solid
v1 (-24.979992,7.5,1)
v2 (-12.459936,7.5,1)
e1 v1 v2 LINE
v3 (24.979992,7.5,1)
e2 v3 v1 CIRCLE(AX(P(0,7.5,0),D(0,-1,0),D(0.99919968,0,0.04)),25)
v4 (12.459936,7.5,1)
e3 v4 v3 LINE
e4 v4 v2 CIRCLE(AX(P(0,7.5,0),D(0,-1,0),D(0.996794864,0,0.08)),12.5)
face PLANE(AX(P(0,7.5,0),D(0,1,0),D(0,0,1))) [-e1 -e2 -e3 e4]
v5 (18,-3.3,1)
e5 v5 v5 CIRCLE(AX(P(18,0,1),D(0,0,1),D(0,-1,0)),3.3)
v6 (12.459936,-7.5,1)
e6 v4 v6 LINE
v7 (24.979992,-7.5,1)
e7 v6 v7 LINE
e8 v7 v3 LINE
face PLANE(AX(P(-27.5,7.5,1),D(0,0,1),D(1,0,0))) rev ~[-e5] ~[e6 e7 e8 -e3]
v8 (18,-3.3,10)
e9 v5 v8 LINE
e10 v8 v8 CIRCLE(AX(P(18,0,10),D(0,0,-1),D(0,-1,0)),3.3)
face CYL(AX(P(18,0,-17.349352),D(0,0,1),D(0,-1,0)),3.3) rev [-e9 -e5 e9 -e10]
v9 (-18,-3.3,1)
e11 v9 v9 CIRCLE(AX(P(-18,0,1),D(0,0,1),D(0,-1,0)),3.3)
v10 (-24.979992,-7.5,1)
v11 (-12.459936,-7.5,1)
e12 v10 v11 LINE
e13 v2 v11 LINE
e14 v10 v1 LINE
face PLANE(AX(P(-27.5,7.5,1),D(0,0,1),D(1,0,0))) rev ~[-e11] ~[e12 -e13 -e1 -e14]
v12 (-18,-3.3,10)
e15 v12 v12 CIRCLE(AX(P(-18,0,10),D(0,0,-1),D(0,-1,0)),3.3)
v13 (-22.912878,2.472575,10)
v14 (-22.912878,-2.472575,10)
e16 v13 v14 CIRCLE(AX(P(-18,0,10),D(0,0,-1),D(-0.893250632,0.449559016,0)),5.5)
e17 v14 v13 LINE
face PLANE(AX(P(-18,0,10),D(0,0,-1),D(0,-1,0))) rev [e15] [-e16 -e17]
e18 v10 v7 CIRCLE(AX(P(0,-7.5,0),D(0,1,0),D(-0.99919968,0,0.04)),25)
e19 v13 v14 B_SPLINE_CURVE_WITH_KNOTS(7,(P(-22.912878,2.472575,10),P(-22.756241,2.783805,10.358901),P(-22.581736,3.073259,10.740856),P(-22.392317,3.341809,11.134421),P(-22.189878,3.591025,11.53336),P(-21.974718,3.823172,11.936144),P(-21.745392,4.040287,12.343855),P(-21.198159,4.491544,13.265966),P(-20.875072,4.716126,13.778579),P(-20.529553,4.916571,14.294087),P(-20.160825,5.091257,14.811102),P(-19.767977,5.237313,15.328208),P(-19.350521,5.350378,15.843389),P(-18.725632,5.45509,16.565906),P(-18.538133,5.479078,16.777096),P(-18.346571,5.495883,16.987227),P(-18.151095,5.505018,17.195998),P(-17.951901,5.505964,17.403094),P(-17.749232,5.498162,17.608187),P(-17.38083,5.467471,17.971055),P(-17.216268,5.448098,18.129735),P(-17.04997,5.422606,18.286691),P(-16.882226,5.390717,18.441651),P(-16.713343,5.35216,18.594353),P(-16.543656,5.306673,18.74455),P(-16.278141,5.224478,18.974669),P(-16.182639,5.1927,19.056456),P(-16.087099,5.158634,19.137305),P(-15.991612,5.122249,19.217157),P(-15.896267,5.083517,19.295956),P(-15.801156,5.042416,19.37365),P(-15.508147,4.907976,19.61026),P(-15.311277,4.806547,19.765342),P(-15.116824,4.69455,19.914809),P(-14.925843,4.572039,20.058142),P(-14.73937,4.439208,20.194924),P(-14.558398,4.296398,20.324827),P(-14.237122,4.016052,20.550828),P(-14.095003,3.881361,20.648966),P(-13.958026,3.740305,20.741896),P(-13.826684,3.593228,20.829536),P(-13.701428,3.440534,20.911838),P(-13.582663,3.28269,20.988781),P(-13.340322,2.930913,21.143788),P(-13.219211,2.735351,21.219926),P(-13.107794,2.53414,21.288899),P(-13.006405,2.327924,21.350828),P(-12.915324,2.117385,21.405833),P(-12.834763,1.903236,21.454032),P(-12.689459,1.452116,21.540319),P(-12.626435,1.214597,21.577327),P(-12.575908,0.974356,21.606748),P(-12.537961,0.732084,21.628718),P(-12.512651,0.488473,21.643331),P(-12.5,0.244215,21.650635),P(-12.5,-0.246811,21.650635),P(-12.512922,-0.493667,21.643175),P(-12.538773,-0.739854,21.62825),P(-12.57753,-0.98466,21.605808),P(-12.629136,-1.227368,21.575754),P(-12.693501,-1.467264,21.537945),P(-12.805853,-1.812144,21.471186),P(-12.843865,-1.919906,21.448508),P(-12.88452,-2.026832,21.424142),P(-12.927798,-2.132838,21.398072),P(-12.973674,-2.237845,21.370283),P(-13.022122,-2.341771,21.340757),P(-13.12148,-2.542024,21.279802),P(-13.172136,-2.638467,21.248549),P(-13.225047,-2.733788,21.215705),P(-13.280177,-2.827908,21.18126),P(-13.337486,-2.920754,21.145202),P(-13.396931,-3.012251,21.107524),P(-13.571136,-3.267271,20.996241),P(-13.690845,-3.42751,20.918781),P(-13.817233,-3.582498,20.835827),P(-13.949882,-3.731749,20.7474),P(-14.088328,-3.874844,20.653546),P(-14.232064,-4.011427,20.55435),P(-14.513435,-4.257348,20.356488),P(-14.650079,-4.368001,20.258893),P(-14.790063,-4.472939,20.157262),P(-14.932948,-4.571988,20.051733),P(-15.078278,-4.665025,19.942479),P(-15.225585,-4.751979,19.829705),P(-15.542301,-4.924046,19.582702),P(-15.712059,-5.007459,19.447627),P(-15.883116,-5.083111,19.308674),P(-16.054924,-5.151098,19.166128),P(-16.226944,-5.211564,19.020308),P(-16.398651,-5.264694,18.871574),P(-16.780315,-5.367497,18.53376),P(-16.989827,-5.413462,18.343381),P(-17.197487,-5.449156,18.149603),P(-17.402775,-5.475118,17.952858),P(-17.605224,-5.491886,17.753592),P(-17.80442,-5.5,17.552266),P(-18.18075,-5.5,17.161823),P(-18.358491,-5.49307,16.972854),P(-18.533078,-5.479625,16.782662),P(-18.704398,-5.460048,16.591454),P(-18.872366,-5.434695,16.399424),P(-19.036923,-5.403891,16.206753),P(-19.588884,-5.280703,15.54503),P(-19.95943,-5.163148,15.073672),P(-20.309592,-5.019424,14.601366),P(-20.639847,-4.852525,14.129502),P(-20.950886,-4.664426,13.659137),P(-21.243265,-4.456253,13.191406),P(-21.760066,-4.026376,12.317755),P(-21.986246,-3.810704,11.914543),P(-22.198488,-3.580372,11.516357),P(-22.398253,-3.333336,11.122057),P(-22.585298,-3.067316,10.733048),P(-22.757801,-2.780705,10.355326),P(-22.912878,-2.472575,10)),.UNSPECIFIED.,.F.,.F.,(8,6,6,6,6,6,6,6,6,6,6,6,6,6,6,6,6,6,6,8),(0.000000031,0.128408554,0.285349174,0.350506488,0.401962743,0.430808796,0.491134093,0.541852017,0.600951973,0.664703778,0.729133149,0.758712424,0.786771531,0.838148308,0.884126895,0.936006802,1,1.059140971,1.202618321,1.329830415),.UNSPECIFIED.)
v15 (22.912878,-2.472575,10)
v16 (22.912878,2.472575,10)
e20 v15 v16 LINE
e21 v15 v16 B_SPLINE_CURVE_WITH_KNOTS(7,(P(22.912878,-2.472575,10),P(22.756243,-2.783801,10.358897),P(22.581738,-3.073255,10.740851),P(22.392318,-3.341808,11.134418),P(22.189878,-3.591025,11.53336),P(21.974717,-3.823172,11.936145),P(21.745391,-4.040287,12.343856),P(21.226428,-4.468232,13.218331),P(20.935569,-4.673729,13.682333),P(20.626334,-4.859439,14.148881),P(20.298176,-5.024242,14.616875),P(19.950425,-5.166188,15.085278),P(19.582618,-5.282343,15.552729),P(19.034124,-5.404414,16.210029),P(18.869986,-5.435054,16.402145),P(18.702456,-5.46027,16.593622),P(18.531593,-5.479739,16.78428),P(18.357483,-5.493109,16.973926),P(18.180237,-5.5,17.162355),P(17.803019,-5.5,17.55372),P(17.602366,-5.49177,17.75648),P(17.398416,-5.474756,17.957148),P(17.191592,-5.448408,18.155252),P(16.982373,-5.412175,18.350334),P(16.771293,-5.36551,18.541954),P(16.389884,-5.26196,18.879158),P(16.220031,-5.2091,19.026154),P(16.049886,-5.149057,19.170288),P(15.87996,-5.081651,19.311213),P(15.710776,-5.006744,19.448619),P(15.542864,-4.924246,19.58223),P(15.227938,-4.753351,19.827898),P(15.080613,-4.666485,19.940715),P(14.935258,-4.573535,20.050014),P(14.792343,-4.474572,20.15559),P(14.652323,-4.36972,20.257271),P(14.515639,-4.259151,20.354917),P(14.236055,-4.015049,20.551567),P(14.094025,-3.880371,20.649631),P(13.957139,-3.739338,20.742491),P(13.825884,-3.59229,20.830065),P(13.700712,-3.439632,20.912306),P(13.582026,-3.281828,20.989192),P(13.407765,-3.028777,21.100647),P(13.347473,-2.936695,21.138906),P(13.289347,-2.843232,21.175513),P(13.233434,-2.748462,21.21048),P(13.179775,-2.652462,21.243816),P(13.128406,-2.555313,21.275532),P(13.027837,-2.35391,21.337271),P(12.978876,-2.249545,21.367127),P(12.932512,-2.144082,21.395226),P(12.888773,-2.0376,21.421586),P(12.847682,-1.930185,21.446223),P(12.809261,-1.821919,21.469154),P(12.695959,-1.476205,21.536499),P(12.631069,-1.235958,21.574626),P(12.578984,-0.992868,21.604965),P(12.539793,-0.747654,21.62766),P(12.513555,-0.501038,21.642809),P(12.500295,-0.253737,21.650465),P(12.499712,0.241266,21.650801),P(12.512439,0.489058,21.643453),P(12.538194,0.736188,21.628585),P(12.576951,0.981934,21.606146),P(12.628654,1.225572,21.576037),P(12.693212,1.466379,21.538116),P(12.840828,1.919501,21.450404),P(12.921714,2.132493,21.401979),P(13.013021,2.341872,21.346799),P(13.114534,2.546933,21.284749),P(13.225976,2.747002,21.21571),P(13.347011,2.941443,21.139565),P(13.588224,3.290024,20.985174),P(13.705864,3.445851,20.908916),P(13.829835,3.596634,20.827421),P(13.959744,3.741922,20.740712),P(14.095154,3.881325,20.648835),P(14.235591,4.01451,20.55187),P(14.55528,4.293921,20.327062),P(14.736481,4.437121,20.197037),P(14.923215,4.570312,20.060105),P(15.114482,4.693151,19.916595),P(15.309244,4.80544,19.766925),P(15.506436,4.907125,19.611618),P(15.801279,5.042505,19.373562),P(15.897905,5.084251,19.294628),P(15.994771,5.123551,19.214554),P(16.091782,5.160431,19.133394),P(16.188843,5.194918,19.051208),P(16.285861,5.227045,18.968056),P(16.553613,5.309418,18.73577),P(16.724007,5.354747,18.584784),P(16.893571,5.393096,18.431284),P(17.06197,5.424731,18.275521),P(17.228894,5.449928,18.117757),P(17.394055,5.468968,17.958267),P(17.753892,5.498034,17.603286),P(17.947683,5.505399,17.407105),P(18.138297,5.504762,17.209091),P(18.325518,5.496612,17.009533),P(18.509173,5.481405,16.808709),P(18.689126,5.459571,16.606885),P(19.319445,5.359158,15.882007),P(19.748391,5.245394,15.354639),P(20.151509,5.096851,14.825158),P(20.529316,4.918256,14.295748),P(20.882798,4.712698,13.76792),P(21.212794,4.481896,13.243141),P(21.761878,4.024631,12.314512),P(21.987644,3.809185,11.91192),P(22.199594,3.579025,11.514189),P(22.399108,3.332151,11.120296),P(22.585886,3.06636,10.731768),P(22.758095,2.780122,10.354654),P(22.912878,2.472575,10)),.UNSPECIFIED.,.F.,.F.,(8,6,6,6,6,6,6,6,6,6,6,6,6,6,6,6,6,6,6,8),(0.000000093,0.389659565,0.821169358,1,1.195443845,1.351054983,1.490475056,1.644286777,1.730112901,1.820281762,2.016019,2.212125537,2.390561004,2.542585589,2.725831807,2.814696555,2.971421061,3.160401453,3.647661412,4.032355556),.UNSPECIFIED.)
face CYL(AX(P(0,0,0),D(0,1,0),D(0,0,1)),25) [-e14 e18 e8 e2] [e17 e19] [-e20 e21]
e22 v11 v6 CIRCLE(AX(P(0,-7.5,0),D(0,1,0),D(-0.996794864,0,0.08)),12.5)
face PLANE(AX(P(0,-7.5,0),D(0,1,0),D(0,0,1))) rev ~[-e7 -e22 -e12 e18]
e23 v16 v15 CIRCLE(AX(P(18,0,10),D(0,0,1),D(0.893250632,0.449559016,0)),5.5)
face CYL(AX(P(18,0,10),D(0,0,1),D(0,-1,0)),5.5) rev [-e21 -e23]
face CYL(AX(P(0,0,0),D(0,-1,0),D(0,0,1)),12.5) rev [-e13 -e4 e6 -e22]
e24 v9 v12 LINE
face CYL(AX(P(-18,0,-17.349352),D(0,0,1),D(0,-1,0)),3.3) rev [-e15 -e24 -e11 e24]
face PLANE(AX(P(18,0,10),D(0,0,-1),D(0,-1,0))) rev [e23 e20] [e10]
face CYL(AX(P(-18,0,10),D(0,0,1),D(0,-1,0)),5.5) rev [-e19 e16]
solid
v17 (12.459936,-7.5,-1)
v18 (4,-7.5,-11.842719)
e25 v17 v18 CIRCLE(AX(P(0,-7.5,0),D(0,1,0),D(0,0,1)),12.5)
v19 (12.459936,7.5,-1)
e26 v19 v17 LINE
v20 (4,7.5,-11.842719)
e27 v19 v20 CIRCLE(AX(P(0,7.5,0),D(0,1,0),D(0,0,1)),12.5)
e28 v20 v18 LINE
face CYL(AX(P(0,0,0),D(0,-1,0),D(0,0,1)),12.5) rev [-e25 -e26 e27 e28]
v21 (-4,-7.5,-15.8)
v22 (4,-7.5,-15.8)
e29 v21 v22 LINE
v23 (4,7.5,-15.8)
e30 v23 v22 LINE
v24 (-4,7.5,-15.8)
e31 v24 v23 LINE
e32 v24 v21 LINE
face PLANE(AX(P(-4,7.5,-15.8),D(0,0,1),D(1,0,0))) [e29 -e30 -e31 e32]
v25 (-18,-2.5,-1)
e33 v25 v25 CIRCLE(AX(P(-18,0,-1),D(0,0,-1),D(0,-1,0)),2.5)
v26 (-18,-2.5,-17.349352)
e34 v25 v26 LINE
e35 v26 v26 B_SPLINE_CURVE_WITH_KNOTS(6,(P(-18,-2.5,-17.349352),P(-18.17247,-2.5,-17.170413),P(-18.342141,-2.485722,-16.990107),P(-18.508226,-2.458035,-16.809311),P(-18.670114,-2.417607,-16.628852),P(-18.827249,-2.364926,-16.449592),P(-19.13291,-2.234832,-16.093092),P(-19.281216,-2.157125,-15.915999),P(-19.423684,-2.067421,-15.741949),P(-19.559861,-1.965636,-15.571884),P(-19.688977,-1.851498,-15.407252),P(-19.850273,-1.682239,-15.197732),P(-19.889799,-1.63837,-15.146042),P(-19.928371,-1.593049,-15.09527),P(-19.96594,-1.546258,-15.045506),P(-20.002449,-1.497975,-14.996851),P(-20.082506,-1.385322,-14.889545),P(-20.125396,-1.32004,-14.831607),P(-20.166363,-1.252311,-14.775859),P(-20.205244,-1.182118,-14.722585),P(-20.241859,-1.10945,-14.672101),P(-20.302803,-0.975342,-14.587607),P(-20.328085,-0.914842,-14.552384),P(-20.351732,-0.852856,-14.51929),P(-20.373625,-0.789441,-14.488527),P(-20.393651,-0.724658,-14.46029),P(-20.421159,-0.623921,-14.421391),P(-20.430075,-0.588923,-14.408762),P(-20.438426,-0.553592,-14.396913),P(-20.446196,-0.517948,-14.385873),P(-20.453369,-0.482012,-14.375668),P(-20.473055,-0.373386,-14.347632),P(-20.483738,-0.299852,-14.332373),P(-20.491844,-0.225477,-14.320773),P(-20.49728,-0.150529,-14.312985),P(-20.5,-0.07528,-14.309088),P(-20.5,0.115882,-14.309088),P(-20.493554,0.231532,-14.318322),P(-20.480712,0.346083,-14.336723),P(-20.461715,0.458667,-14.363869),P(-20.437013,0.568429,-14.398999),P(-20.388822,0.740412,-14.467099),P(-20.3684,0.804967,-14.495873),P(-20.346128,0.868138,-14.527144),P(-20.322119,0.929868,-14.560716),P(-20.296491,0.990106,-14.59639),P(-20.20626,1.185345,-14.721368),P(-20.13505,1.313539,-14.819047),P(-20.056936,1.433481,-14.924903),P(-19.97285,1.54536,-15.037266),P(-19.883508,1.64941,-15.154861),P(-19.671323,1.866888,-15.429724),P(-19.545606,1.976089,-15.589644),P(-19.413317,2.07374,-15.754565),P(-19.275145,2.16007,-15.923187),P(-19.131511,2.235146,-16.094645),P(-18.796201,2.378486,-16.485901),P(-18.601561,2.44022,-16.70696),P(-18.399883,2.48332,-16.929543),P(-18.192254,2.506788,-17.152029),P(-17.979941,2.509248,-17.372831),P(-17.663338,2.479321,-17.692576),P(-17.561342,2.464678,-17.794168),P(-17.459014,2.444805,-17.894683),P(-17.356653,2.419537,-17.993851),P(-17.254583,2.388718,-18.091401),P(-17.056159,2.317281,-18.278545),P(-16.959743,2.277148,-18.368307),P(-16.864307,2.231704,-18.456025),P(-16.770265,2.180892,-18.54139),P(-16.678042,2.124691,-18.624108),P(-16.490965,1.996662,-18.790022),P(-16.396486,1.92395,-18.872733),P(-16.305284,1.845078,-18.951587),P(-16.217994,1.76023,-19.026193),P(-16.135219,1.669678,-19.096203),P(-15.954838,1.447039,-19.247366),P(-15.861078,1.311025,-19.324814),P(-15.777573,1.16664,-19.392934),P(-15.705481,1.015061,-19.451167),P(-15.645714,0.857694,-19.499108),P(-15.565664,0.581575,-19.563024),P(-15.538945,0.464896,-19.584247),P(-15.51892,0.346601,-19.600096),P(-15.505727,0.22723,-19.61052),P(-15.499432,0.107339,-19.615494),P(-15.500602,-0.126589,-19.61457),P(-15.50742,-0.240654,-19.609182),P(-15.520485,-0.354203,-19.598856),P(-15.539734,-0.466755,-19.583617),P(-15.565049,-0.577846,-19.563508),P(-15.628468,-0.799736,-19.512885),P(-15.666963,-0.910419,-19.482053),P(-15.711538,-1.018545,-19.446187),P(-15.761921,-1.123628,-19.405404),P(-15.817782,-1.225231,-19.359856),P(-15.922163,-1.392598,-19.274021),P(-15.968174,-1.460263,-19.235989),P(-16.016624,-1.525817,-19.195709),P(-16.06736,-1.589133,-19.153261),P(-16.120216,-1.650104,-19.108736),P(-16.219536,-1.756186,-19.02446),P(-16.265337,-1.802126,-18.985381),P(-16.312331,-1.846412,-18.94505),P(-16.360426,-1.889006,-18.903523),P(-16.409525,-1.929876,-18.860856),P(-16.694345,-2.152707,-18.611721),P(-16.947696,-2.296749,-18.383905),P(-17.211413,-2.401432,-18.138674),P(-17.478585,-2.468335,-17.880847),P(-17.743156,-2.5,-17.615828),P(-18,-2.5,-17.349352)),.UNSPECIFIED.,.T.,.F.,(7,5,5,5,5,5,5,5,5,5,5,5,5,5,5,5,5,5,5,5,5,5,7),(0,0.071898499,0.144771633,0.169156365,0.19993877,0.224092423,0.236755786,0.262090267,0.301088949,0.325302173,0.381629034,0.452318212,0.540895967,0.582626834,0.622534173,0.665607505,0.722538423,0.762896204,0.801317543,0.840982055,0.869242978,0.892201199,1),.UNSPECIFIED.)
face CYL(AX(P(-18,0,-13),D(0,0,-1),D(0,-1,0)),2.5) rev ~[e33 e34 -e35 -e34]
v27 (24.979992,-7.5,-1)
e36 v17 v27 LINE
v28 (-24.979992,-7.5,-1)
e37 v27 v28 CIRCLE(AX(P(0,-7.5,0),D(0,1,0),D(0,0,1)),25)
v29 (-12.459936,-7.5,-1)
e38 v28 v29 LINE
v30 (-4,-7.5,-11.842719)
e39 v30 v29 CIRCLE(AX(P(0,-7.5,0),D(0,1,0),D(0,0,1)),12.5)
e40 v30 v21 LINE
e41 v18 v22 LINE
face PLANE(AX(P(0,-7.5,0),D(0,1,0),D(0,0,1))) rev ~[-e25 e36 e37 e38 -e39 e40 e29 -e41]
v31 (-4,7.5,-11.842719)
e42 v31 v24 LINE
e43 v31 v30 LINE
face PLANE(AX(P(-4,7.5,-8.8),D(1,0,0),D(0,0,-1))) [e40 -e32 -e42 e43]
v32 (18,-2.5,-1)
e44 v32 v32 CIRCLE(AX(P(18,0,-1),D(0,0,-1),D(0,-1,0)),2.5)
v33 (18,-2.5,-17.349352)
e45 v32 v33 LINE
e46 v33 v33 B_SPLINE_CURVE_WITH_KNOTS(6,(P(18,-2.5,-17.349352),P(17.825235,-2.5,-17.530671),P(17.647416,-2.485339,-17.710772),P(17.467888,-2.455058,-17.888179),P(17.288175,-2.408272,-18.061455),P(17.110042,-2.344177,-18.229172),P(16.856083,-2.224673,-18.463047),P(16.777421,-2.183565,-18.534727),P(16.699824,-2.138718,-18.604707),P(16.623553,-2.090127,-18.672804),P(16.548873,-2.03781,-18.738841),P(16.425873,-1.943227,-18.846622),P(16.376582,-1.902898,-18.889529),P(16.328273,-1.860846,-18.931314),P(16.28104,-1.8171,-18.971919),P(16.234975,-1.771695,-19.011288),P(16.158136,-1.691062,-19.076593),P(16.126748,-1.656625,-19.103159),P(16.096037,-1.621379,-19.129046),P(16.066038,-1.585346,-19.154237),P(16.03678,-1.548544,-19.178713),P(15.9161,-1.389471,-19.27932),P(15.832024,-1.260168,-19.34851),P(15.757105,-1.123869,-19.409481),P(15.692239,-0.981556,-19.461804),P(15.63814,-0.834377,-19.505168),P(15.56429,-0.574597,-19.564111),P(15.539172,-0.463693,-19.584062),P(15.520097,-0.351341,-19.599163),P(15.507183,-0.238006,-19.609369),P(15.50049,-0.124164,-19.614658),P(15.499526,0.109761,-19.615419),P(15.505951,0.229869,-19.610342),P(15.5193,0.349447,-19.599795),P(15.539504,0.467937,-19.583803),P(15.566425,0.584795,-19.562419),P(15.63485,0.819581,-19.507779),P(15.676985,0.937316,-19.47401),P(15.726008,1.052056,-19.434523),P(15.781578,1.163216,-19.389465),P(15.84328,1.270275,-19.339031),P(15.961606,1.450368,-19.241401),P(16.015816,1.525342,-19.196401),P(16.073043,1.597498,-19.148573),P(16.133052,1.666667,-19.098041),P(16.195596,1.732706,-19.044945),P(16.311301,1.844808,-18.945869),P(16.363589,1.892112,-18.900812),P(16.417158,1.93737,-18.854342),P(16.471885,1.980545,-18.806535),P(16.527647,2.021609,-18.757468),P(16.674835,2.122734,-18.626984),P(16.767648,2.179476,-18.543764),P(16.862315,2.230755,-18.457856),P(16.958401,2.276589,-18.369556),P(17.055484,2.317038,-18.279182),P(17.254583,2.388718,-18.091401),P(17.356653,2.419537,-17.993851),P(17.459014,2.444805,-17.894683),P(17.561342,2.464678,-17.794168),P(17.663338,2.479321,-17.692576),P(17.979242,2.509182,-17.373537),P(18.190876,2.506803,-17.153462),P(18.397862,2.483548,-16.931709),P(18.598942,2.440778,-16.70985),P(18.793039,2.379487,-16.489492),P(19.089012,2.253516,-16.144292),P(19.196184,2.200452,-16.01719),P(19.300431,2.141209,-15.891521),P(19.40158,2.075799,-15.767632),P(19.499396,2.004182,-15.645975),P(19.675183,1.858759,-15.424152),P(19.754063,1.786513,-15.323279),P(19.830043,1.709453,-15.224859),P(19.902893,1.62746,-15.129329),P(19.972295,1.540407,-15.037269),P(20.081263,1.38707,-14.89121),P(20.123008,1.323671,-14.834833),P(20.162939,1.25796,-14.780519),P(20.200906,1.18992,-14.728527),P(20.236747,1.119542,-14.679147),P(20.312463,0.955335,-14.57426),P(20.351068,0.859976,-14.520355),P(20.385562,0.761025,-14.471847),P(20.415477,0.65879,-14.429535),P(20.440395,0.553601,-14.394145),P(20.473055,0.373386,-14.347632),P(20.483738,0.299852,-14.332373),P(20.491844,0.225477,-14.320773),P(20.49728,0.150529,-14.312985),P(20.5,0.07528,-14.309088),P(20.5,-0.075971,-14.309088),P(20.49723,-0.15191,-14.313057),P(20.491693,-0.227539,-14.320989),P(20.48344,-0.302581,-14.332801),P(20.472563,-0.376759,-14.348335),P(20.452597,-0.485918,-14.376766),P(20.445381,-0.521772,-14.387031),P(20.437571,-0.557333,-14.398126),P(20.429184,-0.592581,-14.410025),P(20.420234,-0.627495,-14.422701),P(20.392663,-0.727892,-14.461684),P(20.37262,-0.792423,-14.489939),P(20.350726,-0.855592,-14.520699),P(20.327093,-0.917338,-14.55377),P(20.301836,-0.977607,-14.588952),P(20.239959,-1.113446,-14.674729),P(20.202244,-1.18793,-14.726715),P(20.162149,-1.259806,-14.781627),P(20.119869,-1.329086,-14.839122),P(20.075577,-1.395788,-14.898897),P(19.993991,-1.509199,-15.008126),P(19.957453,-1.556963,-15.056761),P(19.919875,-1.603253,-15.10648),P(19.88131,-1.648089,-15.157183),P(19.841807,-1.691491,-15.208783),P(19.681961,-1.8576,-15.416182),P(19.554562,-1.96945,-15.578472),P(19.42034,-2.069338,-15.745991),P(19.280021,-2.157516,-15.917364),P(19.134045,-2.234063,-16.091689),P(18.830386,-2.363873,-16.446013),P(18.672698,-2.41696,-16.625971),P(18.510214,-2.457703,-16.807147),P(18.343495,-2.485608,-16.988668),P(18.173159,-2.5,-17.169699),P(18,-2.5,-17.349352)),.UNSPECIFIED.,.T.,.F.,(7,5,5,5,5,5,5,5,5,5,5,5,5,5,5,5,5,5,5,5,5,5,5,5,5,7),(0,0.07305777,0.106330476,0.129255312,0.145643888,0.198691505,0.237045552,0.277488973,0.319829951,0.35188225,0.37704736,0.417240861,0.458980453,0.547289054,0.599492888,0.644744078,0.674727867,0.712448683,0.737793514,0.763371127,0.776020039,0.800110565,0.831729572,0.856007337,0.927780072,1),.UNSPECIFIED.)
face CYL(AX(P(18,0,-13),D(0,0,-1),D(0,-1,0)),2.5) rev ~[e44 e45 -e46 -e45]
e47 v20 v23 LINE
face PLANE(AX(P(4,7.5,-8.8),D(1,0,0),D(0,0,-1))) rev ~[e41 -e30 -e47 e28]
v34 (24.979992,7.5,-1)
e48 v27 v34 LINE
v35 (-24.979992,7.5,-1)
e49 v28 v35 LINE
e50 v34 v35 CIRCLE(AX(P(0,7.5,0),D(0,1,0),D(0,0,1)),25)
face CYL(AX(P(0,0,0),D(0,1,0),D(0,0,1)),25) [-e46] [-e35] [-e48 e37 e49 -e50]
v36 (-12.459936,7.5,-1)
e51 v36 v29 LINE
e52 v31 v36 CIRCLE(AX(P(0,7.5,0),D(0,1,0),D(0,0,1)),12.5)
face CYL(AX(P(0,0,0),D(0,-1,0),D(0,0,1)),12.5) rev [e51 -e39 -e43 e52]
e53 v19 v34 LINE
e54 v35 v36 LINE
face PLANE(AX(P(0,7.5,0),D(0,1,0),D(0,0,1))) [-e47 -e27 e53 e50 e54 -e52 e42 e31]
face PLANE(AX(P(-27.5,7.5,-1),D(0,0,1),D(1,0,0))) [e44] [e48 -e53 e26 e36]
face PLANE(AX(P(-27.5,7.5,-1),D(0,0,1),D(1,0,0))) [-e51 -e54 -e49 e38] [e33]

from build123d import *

# Parameters (mm, degrees)
SKETCH_1_R                  = 25
SKETCH_1_R_2                = 12.5
EXTRUDE_1_DEPTH             = 7.5
SKETCH_2_W                  = 55
SKETCH_2_H                  = 2
CUT_EXTRUDE_1_DEPTH         = 39.405728739
HOLE_WIZARD_M6_4_AT_2_COUNT = 2
HOLE_WIZARD_M6_4_AT_2_PITCH = 36
SKETCH_10_W                 = 2.5
SKETCH_10_H                 = 24
HOLE_WIZARD_M6_1_AT_2_COUNT = 2
HOLE_WIZARD_M6_1_AT_2_PITCH = 36
SKETCH_11_W                 = 8
SKETCH_11_H                 = 7
CUT_EXTRUDE_2_DEPTH         = 39.39270781


with BuildPart() as part:
    # 草圖1 → 填料-伸長1 (new, symmetric)
    with BuildSketch(Plane(origin=(0, 0, 0), x_dir=(1, 0, 0), z_dir=(0, 1, 0))):
        with Locations(Location((0, 0, 0), (0, 0, 270))):
            Circle(SKETCH_1_R)
        with Locations(Location((0, 0, 0), (0, 0, 270))):
            Circle(SKETCH_1_R_2, mode=Mode.SUBTRACT)
    extrude(amount=EXTRUDE_1_DEPTH, both=True)

    # 草圖2 → 除料-伸長1 (cut, through all)
    with BuildSketch(Plane(origin=(0, 7.5, 0), x_dir=(1, 0, 0), z_dir=(0, 1, 0))):
        Rectangle(SKETCH_2_W, SKETCH_2_H)
    extrude(amount=-CUT_EXTRUDE_1_DEPTH, mode=Mode.SUBTRACT)


with BuildPart() as cut_extrude_1_piece_1:
    # of the separate pieces the step leaves, piece 1, a body of its own (cut_extrude_1_pieces)
    add(part.part.solids().sort_by_distance((24.979991994, -7.5, -1))[0])

    # 草圖10 → M6 螺紋孔1 (revolve, cut)
    with BuildSketch(Plane(origin=(-18, 0, -1), x_dir=(0, -1, 0), z_dir=(1, 0, 0))):
        with Locations((1.25, 12)):
            Rectangle(SKETCH_10_W, SKETCH_10_H)
    hole_wizard_m6_1 = revolve(axis=Axis((-18, 0, 5.35), (0, 0, -1)), mode=Mode.SUBTRACT)

    # M6 螺紋孔1 at 2: M6 螺紋孔1 ×2
    with Locations(*[(i * HOLE_WIZARD_M6_1_AT_2_PITCH, 0, 0) for i in range(1, HOLE_WIZARD_M6_1_AT_2_COUNT)]):
        add(hole_wizard_m6_1, mode=Mode.SUBTRACT)

    # 草圖11 → 除料-伸長2 (cut, through all)
    with BuildSketch(Plane(origin=(0, 7.5, 0), x_dir=(1, 0, 0), z_dir=(0, 1, 0))):
        with Locations((0, 12.3)):
            Rectangle(SKETCH_11_W, SKETCH_11_H)
    extrude(amount=-CUT_EXTRUDE_2_DEPTH, mode=Mode.SUBTRACT)


with BuildPart() as cut_extrude_1_piece_2:
    # of the separate pieces the step leaves, piece 2, a body of its own (cut_extrude_1_pieces)
    add(part.part.solids().sort_by_distance((24.979991994, 7.5, 1))[0])

    # 草圖8 → M6 六角承窩頭蓋螺釘的柱孔4 (revolve, cut)
    with BuildSketch(Plane(origin=(-18, 0, 25), x_dir=(0, -1, 0), z_dir=(1, 0, 0))):
        Polygon((0, 0), (0, 42.349351573), (3.3, 42.349351573), (3.3, 15), (5.5, 15), (5.5, 0), align=None)
    hole_wizard_m6_4 = revolve(axis=Axis((-18, 0, 31.35), (0, 0, -1)), mode=Mode.SUBTRACT)

    # M6 六角承窩頭蓋螺釘的柱孔4 at 2: M6 六角承窩頭蓋螺釘的柱孔4 ×2
    with Locations(*[(i * HOLE_WIZARD_M6_4_AT_2_PITCH, 0, 0) for i in range(1, HOLE_WIZARD_M6_4_AT_2_COUNT)]):
        add(hole_wizard_m6_4, mode=Mode.SUBTRACT)


solid = Compound([cut_extrude_1_piece_1.part, cut_extrude_1_piece_2.part])
